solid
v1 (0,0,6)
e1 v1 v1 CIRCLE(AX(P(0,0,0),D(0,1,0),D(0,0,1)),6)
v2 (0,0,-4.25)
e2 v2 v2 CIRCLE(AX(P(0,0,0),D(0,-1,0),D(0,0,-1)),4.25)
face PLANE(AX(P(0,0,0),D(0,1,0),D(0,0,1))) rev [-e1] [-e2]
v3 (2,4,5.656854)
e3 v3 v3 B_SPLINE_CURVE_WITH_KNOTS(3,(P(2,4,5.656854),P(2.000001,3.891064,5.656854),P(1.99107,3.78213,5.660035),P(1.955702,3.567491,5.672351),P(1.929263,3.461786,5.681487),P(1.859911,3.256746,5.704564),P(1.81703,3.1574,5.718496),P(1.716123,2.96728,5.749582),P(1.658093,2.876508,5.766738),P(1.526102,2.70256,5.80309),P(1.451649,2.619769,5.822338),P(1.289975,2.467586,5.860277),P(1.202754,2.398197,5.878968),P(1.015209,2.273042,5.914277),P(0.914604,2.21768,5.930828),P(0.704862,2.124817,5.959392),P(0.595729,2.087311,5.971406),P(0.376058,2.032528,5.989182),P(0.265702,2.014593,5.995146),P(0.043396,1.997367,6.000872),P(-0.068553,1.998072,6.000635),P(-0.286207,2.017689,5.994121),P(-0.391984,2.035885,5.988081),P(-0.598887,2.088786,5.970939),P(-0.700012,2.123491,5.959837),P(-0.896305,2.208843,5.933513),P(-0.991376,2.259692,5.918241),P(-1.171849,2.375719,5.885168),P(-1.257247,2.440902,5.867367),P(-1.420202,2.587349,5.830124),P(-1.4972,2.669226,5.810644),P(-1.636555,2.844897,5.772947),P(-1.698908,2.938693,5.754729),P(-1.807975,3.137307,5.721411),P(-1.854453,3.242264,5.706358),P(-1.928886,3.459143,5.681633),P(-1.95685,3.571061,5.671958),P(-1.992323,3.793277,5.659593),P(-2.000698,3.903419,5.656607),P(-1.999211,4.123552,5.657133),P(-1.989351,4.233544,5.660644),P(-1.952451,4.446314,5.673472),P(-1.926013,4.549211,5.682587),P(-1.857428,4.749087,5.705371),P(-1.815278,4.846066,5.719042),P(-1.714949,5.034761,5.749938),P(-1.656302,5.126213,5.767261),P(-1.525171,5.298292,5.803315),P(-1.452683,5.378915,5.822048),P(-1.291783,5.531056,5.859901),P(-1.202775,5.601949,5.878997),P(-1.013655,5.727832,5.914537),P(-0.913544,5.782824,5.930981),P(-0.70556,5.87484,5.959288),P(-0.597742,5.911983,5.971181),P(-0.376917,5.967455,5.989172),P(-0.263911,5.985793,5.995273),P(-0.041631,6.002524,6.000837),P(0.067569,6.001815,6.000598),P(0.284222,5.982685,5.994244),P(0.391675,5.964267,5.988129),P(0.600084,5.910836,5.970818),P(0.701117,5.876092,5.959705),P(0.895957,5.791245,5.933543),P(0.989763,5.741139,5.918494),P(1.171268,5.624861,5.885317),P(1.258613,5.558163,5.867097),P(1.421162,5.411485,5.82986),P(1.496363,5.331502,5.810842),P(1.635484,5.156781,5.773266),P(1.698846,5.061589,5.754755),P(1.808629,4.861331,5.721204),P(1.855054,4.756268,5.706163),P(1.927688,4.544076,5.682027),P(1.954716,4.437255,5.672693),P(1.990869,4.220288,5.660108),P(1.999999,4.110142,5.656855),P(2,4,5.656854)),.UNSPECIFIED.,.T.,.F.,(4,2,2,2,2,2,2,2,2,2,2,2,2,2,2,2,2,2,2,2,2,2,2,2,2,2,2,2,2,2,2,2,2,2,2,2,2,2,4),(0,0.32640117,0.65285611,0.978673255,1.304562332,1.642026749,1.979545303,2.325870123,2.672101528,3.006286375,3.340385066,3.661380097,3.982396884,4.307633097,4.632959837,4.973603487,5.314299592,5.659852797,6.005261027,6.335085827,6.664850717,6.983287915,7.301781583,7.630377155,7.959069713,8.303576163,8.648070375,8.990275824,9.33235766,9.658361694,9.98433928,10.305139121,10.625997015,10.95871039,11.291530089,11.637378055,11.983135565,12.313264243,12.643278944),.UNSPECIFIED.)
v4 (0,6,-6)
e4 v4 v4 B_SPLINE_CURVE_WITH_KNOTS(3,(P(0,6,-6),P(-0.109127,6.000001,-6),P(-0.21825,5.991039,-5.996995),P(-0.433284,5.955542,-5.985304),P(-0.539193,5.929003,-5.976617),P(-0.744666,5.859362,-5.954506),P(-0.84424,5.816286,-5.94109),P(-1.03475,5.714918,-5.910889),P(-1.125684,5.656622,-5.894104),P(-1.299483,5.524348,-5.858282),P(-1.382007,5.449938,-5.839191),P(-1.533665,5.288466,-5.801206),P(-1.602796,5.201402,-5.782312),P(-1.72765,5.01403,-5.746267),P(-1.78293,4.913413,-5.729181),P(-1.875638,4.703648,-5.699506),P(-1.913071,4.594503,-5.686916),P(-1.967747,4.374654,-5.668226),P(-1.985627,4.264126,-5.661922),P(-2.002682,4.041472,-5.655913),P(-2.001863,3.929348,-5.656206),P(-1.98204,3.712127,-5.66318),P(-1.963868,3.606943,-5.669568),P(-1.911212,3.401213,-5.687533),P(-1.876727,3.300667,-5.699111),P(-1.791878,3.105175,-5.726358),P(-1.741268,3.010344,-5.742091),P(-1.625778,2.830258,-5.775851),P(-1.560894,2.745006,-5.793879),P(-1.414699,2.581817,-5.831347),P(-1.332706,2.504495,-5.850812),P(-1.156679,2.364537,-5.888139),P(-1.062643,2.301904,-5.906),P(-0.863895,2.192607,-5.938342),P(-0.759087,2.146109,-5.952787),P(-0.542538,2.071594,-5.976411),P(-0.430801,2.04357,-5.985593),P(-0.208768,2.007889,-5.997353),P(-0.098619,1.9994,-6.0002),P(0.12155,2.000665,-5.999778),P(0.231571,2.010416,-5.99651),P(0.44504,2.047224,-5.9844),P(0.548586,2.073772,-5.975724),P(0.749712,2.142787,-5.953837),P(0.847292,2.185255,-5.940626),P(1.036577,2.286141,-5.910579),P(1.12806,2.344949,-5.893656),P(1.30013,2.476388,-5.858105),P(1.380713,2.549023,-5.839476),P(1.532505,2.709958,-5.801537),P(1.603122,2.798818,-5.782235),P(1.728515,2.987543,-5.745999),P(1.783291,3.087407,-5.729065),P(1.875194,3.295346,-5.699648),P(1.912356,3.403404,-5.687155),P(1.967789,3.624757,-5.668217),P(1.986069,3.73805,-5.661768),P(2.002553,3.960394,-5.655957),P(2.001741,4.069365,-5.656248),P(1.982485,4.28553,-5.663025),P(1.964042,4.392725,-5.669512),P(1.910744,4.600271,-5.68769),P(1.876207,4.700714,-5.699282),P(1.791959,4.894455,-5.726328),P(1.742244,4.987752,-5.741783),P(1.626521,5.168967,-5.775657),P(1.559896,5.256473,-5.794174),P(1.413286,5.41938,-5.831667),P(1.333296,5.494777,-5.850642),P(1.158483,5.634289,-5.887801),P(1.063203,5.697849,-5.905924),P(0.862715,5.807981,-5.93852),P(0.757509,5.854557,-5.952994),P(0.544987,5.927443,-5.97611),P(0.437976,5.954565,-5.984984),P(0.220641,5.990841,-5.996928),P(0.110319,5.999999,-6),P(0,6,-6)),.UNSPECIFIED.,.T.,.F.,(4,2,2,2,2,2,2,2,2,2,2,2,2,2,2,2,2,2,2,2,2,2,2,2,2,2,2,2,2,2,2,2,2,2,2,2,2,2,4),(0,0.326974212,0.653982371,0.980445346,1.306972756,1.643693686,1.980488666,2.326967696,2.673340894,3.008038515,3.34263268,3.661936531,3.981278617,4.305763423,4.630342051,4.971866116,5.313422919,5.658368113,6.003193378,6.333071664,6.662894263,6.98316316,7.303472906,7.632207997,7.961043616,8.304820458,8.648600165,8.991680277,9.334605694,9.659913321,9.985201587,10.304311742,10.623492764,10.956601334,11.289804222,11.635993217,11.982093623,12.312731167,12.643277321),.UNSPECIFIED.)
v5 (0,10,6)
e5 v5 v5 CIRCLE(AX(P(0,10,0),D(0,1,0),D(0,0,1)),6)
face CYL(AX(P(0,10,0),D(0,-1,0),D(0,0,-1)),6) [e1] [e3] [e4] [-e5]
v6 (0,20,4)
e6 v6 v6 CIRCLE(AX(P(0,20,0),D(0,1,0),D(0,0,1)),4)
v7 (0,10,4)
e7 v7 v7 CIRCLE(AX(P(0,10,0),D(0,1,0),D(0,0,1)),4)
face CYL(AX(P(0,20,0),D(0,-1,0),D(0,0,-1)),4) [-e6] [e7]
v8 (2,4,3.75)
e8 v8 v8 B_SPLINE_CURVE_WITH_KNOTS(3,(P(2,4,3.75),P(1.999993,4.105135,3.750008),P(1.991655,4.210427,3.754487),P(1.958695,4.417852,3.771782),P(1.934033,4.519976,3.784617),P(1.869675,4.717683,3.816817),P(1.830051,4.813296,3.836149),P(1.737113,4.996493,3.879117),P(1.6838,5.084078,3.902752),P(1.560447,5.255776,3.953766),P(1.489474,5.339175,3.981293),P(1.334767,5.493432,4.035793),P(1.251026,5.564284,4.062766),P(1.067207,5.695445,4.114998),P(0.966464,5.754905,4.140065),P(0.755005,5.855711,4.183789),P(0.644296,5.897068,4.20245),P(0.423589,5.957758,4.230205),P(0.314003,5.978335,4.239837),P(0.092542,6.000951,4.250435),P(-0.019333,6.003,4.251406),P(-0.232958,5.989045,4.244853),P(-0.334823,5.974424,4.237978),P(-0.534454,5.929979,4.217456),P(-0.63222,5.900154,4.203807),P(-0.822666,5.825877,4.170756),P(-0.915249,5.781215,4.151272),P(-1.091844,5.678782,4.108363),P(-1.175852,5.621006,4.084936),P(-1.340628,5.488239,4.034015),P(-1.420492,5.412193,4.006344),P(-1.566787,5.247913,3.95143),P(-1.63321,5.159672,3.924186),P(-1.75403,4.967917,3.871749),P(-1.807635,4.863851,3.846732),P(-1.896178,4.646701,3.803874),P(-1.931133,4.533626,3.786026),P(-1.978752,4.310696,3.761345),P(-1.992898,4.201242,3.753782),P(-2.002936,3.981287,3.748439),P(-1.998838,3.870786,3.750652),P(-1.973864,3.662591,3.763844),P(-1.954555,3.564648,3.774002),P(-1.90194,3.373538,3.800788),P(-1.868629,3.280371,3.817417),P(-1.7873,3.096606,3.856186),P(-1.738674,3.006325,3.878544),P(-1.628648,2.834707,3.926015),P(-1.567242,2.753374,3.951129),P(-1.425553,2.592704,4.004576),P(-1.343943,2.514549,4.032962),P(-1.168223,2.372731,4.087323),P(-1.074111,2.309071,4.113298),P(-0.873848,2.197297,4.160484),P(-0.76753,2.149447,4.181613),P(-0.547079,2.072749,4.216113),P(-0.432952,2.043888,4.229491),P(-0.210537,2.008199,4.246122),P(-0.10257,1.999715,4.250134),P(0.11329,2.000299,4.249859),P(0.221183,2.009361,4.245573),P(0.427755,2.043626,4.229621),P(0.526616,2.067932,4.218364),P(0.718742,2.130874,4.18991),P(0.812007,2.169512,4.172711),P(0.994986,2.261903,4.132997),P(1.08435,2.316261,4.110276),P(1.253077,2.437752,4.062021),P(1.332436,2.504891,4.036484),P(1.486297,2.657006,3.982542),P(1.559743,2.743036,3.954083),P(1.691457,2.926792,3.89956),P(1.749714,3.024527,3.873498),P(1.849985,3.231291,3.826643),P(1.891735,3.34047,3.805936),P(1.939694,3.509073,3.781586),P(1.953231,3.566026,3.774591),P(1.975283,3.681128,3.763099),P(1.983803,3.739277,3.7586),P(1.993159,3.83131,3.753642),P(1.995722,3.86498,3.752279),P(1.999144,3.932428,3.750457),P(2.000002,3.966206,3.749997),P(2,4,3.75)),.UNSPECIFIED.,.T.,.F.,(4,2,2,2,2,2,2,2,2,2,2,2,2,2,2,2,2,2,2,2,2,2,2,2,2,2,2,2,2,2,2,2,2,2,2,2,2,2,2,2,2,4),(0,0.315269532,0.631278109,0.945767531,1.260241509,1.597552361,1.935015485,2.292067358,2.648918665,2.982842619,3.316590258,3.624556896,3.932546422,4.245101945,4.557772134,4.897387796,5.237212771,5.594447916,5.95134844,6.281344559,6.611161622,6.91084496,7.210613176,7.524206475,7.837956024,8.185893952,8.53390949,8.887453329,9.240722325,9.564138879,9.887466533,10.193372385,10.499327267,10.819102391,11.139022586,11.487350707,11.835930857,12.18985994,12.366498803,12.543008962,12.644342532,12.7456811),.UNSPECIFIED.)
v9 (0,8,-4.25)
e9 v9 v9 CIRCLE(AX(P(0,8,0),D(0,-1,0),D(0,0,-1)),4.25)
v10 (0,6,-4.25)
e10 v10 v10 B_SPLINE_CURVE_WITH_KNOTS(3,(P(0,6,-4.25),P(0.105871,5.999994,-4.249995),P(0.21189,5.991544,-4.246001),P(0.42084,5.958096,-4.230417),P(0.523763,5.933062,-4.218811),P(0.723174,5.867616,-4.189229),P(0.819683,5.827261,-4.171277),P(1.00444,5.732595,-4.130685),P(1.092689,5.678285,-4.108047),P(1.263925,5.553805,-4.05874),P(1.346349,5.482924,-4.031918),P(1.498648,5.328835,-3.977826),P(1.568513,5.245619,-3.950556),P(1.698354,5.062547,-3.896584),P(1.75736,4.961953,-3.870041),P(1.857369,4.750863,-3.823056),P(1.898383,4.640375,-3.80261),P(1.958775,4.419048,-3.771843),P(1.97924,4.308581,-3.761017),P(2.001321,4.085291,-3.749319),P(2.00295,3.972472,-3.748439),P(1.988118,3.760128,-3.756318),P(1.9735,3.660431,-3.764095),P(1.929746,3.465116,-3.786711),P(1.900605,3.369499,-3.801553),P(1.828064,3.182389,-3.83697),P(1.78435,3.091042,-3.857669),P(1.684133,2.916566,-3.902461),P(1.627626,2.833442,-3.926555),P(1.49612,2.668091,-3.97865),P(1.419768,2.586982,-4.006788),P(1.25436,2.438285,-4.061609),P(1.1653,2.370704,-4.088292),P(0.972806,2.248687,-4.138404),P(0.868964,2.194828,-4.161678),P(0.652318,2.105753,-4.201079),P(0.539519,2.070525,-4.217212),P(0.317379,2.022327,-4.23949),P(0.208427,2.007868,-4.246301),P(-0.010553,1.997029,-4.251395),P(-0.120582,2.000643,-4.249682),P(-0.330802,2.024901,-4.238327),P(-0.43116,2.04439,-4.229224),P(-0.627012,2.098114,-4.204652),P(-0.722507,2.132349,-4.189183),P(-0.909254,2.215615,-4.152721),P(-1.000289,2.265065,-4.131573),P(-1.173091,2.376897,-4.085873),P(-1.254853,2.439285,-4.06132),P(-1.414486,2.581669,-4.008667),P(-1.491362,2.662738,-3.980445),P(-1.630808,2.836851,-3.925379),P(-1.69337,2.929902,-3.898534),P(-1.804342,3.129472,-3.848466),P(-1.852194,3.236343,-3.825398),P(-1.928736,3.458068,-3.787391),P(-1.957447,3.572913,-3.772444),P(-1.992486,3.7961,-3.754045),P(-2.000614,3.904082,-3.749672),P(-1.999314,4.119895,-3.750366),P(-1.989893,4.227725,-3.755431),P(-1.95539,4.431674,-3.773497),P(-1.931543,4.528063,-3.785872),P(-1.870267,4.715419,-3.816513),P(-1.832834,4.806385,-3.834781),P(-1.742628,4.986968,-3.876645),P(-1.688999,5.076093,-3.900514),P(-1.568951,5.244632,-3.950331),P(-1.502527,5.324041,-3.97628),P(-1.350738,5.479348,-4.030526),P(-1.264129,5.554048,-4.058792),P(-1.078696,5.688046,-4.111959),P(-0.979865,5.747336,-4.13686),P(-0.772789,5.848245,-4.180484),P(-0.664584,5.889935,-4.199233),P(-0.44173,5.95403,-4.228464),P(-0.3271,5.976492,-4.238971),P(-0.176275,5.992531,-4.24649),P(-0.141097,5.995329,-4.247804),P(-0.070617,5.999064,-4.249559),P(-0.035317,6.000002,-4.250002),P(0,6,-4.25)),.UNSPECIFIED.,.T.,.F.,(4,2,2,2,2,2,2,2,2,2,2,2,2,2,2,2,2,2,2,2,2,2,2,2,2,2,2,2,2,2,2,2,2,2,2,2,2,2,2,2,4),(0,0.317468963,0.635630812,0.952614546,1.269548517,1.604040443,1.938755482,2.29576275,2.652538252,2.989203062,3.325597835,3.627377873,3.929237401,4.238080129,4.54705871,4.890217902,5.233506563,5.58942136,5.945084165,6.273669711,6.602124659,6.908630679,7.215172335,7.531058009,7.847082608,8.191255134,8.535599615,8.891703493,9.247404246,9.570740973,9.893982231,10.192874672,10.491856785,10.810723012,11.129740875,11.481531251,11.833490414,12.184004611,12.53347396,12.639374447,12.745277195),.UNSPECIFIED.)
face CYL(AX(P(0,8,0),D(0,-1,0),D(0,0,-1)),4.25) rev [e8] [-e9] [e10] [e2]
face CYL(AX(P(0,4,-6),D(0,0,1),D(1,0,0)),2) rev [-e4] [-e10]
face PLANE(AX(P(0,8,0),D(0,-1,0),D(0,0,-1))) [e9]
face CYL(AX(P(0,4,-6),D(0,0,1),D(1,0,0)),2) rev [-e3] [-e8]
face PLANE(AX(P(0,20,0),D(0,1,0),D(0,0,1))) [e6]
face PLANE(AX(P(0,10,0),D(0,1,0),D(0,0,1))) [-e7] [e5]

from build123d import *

# Parameters (mm, degrees)
CROQUIS1_R                 = 6
SALIENTE_EXTRUIR1_DEPTH    = 10
CROQUIS2_R                 = 4
SALIENTE_EXTRUIR2_DEPTH    = 10
CROQUIS3_R                 = 4.25
CORTAR_EXTRUIR1_DEPTH      = 8
CROQUIS4_R                 = 2
CORTAR_EXTRUIR2_DEPTH      = 7
CORTAR_EXTRUIR2_DEPTH_BACK = 7


with BuildPart() as part:
    # Croquis1 → Saliente-Extruir1 (new body)
    with BuildSketch(Plane(origin=(0, 0, 0), x_dir=(1, 0, 0), z_dir=(0, 1, 0))):
        Circle(CROQUIS1_R)
    extrude(amount=SALIENTE_EXTRUIR1_DEPTH)

    # Croquis2 → Saliente-Extruir2 (add)
    with BuildSketch(Plane(origin=(0, 10, 0), x_dir=(1, 0, 0), z_dir=(0, 1, 0))):
        Circle(CROQUIS2_R)
    extrude(amount=SALIENTE_EXTRUIR2_DEPTH)

    # Croquis3 → Cortar-Extruir1 (cut)
    with BuildSketch(Plane.XZ):
        Circle(CROQUIS3_R)
    extrude(amount=-CORTAR_EXTRUIR1_DEPTH, mode=Mode.SUBTRACT)

    # Croquis4 → Cortar-Extruir2 (cut, two sides)
    with BuildSketch(Plane.XY) as cortar_extruir2_sk:
        with Locations((0, 4)):
            Circle(CROQUIS4_R)
    extrude(amount=CORTAR_EXTRUIR2_DEPTH, mode=Mode.SUBTRACT)
    extrude(cortar_extruir2_sk.sketch, amount=-CORTAR_EXTRUIR2_DEPTH_BACK, mode=Mode.SUBTRACT)


solid = part.part
